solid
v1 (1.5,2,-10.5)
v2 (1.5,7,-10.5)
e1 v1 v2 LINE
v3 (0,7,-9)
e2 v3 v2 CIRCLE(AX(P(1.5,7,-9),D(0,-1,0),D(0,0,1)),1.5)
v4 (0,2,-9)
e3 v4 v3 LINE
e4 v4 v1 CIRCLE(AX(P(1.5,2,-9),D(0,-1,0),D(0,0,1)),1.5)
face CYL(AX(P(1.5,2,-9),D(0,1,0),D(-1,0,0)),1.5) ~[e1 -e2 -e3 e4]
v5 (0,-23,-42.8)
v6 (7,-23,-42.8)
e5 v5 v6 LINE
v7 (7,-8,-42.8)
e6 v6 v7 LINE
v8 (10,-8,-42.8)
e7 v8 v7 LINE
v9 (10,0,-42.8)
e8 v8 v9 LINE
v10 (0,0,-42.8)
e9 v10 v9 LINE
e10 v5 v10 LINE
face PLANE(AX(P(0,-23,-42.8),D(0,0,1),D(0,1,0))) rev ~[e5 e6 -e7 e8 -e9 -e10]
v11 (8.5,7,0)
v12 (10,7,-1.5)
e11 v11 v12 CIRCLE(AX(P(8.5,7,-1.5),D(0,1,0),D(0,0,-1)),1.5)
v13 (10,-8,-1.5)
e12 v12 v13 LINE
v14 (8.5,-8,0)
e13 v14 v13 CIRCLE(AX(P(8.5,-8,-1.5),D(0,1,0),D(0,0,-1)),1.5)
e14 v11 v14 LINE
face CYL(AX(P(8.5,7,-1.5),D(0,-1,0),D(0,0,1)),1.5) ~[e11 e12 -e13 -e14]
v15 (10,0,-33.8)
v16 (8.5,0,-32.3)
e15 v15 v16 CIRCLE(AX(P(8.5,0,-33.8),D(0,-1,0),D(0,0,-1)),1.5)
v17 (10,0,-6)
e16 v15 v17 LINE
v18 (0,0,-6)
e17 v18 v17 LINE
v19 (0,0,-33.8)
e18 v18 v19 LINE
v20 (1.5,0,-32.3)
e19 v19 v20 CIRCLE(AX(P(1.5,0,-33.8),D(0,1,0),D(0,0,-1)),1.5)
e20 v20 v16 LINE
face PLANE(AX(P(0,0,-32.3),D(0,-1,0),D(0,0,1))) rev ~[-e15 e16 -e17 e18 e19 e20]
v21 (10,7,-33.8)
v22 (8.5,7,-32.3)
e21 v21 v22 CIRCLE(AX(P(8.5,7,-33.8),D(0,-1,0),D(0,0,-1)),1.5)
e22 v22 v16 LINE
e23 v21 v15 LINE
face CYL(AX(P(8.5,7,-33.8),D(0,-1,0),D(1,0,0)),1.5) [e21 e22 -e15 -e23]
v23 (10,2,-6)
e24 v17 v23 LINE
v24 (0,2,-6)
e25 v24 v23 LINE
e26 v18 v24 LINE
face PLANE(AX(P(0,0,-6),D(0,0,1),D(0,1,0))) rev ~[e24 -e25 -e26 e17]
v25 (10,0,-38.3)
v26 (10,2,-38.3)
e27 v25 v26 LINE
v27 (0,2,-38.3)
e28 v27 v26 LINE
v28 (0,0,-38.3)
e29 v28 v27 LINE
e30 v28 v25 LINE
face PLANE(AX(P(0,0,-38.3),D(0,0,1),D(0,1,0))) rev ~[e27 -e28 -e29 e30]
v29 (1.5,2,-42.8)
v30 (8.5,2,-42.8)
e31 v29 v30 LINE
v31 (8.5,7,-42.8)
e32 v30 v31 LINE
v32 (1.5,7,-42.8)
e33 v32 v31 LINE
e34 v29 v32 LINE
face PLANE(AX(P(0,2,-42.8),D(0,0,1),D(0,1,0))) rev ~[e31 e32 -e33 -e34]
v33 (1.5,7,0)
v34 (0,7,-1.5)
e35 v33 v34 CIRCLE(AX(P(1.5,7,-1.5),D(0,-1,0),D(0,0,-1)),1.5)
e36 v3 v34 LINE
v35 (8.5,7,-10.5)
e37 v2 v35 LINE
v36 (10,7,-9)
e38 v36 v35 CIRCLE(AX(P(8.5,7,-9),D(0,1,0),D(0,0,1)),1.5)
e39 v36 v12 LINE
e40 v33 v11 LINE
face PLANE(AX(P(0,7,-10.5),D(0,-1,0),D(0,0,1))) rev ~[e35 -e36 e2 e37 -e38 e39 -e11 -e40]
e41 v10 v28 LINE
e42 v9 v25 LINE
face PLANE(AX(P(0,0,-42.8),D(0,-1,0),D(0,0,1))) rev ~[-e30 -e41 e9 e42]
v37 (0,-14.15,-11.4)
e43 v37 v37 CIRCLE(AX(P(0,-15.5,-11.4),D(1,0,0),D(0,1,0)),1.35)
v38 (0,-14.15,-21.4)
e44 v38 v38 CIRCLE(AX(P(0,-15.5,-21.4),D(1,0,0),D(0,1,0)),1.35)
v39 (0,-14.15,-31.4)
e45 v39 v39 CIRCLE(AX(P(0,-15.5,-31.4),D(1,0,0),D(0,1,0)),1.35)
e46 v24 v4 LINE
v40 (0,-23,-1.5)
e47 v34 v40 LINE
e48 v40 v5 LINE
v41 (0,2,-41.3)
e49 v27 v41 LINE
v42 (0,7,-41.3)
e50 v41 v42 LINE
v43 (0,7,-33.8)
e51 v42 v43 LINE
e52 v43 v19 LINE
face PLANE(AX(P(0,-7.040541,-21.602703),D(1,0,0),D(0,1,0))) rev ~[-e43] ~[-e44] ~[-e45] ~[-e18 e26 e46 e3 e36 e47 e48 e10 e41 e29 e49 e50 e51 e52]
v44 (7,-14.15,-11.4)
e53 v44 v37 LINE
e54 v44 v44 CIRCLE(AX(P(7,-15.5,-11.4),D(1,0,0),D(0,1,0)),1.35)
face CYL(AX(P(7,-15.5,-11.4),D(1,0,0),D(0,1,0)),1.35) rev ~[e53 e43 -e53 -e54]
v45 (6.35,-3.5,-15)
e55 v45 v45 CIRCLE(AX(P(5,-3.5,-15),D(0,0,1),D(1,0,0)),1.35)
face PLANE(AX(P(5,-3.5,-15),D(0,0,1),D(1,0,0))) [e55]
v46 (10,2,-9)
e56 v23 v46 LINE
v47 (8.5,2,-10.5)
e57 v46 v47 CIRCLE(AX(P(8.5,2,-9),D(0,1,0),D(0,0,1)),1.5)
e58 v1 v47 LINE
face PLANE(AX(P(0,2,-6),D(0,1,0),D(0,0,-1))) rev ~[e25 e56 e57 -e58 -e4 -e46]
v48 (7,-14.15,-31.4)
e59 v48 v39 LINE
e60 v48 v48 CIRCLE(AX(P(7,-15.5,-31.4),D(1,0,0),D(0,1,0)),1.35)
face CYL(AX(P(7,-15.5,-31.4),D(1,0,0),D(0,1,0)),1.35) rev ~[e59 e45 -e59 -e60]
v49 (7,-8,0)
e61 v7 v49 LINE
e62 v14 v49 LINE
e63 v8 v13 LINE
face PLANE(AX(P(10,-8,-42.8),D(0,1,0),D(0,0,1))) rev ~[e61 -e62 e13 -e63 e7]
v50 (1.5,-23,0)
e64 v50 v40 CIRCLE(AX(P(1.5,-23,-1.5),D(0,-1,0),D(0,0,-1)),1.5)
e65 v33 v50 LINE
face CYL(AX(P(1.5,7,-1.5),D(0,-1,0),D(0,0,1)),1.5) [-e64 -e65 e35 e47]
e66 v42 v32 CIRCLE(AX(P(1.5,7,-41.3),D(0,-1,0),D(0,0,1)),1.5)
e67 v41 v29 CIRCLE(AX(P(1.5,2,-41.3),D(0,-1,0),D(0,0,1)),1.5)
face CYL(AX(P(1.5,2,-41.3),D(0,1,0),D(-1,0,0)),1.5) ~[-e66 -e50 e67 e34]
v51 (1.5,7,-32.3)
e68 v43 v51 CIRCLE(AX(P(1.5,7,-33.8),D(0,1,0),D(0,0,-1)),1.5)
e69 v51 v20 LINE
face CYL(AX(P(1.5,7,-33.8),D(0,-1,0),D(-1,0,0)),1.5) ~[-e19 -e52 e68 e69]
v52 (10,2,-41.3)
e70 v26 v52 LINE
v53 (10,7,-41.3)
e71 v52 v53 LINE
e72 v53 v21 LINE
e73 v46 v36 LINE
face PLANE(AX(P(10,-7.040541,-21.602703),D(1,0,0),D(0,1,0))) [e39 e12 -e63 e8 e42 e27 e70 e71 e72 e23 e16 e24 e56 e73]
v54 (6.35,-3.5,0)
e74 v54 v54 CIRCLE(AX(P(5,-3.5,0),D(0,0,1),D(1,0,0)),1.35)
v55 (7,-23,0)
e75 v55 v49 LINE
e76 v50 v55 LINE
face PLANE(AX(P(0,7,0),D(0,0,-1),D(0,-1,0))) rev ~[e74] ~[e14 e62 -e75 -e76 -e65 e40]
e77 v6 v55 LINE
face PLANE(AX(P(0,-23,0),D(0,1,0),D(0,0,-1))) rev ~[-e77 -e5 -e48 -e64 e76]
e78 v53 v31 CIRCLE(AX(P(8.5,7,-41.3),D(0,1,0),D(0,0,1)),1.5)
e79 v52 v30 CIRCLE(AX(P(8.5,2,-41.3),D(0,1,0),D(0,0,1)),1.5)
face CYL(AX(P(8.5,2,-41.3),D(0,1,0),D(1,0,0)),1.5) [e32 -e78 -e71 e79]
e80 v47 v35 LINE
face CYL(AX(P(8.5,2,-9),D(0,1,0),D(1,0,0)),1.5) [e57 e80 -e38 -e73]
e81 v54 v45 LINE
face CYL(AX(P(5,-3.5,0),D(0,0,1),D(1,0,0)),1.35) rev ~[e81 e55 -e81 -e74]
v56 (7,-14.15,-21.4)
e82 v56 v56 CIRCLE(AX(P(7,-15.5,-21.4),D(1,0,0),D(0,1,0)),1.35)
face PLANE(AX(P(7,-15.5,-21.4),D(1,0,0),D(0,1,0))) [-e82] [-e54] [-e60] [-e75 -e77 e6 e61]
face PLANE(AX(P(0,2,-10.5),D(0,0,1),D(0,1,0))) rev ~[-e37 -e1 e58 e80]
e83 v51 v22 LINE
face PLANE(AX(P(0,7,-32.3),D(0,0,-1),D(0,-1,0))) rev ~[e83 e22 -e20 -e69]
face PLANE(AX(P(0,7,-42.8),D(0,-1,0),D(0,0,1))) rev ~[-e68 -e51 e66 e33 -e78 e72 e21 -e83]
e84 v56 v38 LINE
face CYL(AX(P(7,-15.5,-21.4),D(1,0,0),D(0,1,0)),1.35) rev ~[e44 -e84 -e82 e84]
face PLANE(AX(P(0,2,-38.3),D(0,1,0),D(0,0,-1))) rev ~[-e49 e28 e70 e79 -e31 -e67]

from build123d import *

# Parameters (mm, degrees)
F1_DEPTH = 10
F2_W     = 15
F2_H     = 42.8
F3_DEPTH = 3
F4_R     = 1.35
F5_DEPTH = 7.001
F6_R     = 1.35
F7_DEPTH = 15
F8_R     = 1.5


with BuildPart() as f1:
    # F0 (on Right) → F1 (new body)
    with BuildSketch(Plane.YZ):
        Polygon((7, 0), (-23, 0), (-23, -42.8), (0, -42.8), (0, -38.3), (2, -38.3), (2, -42.8), (7, -42.8), (7, -32.3), (0, -32.3), (0, -6), (2, -6), (2, -10.5), (7, -10.5), align=None)
    extrude(amount=F1_DEPTH)

    # F2 (on face) → F3 (cut)
    with BuildSketch(Plane.YZ.offset(10)):
        with Locations((-15.5, -21.4)):
            Rectangle(F2_W, F2_H)
    extrude(amount=-F3_DEPTH, mode=Mode.SUBTRACT)

    # F4 (on face) → F5 (cut, through all)
    with BuildSketch(Plane.YZ.offset(7)):
        with Locations((-15.5, -21.4)):
            Circle(F4_R)
        with Locations((-15.5, -11.4)):
            Circle(F4_R)
        with Locations((-15.5, -31.4)):
            Circle(F4_R)
    extrude(amount=-F5_DEPTH, mode=Mode.SUBTRACT)

    # F6 (on face) → F7 (cut)
    with BuildSketch(Plane.XY):
        with Locations((5, -3.5)):
            Circle(F6_R)
    extrude(amount=-F7_DEPTH, mode=Mode.SUBTRACT)

    # F8
    f8_edges = [f1.edges().sort_by_distance(p)[0] for p in [
        (10, -0.5, 0),
        (0, -8, 0),
        (10, 4.5, -10.5),
        (10, 3.5, -32.3),
        (10, 4.5, -42.8),
        (0, 4.5, -10.5),
        (0, 4.5, -42.8),
        (0, 3.5, -32.3),
    ]]
    fillet(f8_edges, radius=F8_R)


solid = f1.part
